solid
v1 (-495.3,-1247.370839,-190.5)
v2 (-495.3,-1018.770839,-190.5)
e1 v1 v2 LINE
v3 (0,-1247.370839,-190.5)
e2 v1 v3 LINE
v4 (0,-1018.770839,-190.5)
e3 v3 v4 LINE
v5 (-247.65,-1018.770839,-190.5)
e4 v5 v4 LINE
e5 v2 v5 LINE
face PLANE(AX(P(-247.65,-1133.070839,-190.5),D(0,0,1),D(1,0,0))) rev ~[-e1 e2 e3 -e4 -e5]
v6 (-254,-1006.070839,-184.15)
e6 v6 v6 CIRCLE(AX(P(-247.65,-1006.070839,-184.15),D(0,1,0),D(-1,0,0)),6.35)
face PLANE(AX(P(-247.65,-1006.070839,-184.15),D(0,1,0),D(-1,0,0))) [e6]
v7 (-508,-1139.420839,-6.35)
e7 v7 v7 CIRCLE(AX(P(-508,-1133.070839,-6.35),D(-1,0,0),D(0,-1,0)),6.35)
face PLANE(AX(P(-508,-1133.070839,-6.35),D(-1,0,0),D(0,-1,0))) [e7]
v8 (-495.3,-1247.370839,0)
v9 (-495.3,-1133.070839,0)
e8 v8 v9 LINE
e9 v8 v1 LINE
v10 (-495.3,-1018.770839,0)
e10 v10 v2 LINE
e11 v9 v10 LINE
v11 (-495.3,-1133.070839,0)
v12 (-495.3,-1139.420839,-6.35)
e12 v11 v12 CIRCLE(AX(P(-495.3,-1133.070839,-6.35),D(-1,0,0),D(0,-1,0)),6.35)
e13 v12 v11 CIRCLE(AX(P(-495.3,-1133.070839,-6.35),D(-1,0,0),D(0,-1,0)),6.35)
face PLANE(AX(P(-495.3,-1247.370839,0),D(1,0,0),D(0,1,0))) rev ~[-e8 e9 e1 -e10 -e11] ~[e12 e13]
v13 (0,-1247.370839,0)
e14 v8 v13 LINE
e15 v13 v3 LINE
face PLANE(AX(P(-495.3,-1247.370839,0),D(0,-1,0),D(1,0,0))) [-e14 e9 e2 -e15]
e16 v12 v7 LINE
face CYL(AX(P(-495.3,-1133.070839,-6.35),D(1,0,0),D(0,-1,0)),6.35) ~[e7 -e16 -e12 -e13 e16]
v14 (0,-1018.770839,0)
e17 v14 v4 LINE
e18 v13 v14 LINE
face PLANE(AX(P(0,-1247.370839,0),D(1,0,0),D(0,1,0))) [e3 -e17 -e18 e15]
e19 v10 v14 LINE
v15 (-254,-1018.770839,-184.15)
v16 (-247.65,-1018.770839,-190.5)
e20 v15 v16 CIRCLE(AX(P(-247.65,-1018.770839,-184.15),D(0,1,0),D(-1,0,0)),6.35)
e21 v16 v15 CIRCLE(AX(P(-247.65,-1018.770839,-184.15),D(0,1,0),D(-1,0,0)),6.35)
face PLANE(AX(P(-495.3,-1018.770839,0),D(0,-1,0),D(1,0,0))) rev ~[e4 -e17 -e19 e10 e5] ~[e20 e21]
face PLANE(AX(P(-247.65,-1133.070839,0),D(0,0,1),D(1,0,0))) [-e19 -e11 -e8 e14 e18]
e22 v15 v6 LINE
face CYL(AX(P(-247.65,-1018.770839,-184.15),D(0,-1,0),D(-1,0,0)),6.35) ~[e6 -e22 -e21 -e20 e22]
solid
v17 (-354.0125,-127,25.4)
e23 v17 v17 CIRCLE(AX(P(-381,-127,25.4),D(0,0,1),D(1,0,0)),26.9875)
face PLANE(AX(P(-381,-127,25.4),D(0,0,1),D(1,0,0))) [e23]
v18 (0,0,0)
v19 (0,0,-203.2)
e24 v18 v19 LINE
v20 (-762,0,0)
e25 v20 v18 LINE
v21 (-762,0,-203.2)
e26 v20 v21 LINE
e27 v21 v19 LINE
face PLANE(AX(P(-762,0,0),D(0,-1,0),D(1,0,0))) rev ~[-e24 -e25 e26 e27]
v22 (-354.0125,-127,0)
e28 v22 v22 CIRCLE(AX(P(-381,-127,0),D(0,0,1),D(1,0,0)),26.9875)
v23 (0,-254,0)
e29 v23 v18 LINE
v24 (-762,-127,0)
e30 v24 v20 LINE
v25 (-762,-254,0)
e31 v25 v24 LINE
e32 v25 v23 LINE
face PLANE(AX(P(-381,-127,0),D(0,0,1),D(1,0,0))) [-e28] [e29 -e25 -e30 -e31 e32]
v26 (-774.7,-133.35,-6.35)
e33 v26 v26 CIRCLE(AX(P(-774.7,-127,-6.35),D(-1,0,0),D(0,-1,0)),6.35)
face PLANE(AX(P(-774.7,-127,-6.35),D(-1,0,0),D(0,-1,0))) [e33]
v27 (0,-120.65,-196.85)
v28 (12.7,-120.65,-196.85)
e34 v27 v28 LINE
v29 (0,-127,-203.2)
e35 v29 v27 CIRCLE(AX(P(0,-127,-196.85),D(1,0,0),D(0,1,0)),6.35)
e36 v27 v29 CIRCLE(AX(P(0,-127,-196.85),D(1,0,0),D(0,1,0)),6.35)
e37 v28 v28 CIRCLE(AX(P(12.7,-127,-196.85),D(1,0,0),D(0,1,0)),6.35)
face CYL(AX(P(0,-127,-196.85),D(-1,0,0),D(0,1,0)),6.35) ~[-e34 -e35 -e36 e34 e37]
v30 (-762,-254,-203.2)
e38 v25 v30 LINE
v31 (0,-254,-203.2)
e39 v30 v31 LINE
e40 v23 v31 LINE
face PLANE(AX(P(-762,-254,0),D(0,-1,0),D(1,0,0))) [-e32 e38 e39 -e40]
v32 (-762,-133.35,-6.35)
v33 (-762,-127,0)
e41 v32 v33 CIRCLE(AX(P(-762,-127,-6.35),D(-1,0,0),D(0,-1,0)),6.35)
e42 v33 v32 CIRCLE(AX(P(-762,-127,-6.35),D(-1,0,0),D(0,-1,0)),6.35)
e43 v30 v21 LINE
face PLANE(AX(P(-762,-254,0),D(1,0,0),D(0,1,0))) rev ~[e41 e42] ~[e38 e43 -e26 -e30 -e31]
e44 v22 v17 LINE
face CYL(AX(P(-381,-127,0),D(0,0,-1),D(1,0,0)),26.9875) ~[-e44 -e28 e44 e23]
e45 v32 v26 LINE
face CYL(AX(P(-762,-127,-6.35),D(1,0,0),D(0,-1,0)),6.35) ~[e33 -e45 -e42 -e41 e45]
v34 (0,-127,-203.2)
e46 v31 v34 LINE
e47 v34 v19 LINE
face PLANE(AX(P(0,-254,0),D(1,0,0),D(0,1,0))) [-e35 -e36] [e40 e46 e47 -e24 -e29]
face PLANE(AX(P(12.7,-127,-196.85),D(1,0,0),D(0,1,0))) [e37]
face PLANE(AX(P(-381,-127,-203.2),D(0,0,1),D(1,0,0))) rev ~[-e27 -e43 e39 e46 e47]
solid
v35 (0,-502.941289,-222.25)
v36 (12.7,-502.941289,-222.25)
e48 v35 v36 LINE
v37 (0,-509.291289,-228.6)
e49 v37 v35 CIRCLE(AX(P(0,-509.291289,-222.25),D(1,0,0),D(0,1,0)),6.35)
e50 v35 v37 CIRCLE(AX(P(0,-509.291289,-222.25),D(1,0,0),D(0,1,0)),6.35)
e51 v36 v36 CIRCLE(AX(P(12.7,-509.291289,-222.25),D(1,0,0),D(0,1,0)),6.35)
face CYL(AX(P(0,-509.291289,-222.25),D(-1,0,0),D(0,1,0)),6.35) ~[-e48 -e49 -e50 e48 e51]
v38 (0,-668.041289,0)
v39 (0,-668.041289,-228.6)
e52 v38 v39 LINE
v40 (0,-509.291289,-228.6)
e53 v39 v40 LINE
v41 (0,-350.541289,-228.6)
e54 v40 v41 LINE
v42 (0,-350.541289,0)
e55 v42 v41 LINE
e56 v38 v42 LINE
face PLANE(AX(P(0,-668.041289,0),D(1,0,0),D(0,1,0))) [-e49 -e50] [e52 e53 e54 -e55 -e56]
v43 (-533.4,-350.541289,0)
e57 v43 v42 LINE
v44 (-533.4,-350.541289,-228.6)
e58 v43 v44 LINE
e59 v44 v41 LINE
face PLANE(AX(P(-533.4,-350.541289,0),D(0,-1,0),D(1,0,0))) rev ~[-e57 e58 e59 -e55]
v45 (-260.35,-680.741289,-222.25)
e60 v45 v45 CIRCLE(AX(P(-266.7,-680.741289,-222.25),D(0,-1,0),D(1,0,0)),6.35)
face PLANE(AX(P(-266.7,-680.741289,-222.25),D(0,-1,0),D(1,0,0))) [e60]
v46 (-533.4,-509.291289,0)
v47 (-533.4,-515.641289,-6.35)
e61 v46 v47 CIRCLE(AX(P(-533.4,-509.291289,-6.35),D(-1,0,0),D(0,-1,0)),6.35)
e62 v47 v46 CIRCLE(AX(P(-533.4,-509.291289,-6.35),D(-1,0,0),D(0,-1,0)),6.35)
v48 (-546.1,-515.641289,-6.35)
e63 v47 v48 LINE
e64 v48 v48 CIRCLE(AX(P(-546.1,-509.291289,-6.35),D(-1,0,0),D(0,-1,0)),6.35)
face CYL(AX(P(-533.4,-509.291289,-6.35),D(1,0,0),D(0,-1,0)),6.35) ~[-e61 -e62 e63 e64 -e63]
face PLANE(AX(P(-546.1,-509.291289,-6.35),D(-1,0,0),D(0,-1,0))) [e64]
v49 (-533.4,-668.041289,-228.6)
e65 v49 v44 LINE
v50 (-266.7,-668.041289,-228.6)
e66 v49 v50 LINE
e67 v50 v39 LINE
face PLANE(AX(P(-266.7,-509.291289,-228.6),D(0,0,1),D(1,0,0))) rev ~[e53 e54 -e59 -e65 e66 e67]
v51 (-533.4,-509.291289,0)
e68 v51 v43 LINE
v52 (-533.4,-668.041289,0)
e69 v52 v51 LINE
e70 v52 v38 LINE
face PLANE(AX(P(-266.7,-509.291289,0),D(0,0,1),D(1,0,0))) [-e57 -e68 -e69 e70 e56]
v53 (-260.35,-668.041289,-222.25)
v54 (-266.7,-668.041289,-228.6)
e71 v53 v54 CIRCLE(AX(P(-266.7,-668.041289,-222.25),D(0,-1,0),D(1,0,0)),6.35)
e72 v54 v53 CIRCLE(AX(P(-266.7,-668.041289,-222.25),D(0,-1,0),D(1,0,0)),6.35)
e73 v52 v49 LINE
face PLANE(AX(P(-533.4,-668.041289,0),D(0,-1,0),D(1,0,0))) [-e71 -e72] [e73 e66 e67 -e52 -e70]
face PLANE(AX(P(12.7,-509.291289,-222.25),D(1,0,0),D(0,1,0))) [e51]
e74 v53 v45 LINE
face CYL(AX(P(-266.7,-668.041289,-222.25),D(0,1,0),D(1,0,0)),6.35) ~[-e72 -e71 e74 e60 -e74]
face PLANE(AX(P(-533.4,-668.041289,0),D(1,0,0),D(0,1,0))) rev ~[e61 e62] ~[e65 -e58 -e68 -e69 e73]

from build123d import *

# Parameters (mm, degrees)
F0_W      = 762
F0_H      = 254
F1_DEPTH  = 203.2
F2_R      = 6.35
F3_DEPTH  = 12.7
F4_R      = 6.35
F5_DEPTH  = 12.7
F6_W      = 533.4
F6_H      = 317.5
F7_DEPTH  = 228.6
F8_R      = 6.35
F9_DEPTH  = 12.7
F10_R     = 6.35
F11_DEPTH = 12.7
F12_R     = 6.35
F13_DEPTH = 12.7
F14_W     = 495.3
F14_H     = 228.6
F15_DEPTH = 190.5
F16_R     = 6.35
F17_DEPTH = 12.7
F18_R     = 6.35
F19_DEPTH = 12.7
F20_R     = 26.9875
F21_DEPTH = 25.4


with BuildPart() as f1:
    # F0 (on Top) → F1 (new body)
    with BuildSketch(Plane.XY):
        with Locations((-381, -127)):
            Rectangle(F0_W, F0_H)
    extrude(amount=-F1_DEPTH)

    # F2 (on face) → F3 (join)
    with BuildSketch(Plane(origin=(-762, 0, 0), x_dir=(0, -1, 0), z_dir=(-1, 0, 0))):
        with Locations((127, -6.35)):
            Circle(F2_R)
    extrude(amount=F3_DEPTH)

    # F4 (on face) → F5 (join)
    with BuildSketch(Plane.YZ):
        with Locations((-127, -196.85)):
            Circle(F4_R)
    extrude(amount=F5_DEPTH)

    # F20 (on face) → F21 (join)
    with BuildSketch(Plane.XY):
        with Locations((-381, -127)):
            Circle(F20_R)
    extrude(amount=F21_DEPTH)


with BuildPart() as f7:
    # F6 (on Top) → F7 (new body)
    with BuildSketch(Plane.XY):
        with Locations((-266.7, -509.291289)):
            Rectangle(F6_W, F6_H)
    extrude(amount=-F7_DEPTH)

    # F8 (on face) → F9 (join)
    with BuildSketch(Plane(origin=(-533.4, 0, 0), x_dir=(0, -1, 0), z_dir=(-1, 0, 0))):
        with Locations((509.291289, -6.35)):
            Circle(F8_R)
    extrude(amount=F9_DEPTH)

    # F10 (on face) → F11 (join)
    with BuildSketch(Plane.YZ):
        with Locations((-509.291289, -222.25)):
            Circle(F10_R)
    extrude(amount=F11_DEPTH)

    # F12 (on face) → F13 (join)
    with BuildSketch(Plane.XZ.offset(668.041289)):
        with Locations((-266.7, -222.25)):
            Circle(F12_R)
    extrude(amount=F13_DEPTH)


with BuildPart() as f15:
    # F14 (on Top) → F15 (new body)
    with BuildSketch(Plane.XY):
        with Locations((-247.65, -1133.070839)):
            Rectangle(F14_W, F14_H)
    extrude(amount=-F15_DEPTH)

    # F16 (on face) → F17 (join)
    with BuildSketch(Plane(origin=(-495.3, 0, 0), x_dir=(0, -1, 0), z_dir=(-1, 0, 0))):
        with Locations((1133.070839, -6.35)):
            Circle(F16_R)
    extrude(amount=F17_DEPTH)

    # F18 (on face) → F19 (join)
    with BuildSketch(Plane(origin=(0, -1018.770839, 0), x_dir=(-1, 0, 0), z_dir=(0, 1, 0))):
        with Locations((247.65, -184.15)):
            Circle(F18_R)
    extrude(amount=F19_DEPTH)


solid = Compound([f1.part, f7.part, f15.part])
